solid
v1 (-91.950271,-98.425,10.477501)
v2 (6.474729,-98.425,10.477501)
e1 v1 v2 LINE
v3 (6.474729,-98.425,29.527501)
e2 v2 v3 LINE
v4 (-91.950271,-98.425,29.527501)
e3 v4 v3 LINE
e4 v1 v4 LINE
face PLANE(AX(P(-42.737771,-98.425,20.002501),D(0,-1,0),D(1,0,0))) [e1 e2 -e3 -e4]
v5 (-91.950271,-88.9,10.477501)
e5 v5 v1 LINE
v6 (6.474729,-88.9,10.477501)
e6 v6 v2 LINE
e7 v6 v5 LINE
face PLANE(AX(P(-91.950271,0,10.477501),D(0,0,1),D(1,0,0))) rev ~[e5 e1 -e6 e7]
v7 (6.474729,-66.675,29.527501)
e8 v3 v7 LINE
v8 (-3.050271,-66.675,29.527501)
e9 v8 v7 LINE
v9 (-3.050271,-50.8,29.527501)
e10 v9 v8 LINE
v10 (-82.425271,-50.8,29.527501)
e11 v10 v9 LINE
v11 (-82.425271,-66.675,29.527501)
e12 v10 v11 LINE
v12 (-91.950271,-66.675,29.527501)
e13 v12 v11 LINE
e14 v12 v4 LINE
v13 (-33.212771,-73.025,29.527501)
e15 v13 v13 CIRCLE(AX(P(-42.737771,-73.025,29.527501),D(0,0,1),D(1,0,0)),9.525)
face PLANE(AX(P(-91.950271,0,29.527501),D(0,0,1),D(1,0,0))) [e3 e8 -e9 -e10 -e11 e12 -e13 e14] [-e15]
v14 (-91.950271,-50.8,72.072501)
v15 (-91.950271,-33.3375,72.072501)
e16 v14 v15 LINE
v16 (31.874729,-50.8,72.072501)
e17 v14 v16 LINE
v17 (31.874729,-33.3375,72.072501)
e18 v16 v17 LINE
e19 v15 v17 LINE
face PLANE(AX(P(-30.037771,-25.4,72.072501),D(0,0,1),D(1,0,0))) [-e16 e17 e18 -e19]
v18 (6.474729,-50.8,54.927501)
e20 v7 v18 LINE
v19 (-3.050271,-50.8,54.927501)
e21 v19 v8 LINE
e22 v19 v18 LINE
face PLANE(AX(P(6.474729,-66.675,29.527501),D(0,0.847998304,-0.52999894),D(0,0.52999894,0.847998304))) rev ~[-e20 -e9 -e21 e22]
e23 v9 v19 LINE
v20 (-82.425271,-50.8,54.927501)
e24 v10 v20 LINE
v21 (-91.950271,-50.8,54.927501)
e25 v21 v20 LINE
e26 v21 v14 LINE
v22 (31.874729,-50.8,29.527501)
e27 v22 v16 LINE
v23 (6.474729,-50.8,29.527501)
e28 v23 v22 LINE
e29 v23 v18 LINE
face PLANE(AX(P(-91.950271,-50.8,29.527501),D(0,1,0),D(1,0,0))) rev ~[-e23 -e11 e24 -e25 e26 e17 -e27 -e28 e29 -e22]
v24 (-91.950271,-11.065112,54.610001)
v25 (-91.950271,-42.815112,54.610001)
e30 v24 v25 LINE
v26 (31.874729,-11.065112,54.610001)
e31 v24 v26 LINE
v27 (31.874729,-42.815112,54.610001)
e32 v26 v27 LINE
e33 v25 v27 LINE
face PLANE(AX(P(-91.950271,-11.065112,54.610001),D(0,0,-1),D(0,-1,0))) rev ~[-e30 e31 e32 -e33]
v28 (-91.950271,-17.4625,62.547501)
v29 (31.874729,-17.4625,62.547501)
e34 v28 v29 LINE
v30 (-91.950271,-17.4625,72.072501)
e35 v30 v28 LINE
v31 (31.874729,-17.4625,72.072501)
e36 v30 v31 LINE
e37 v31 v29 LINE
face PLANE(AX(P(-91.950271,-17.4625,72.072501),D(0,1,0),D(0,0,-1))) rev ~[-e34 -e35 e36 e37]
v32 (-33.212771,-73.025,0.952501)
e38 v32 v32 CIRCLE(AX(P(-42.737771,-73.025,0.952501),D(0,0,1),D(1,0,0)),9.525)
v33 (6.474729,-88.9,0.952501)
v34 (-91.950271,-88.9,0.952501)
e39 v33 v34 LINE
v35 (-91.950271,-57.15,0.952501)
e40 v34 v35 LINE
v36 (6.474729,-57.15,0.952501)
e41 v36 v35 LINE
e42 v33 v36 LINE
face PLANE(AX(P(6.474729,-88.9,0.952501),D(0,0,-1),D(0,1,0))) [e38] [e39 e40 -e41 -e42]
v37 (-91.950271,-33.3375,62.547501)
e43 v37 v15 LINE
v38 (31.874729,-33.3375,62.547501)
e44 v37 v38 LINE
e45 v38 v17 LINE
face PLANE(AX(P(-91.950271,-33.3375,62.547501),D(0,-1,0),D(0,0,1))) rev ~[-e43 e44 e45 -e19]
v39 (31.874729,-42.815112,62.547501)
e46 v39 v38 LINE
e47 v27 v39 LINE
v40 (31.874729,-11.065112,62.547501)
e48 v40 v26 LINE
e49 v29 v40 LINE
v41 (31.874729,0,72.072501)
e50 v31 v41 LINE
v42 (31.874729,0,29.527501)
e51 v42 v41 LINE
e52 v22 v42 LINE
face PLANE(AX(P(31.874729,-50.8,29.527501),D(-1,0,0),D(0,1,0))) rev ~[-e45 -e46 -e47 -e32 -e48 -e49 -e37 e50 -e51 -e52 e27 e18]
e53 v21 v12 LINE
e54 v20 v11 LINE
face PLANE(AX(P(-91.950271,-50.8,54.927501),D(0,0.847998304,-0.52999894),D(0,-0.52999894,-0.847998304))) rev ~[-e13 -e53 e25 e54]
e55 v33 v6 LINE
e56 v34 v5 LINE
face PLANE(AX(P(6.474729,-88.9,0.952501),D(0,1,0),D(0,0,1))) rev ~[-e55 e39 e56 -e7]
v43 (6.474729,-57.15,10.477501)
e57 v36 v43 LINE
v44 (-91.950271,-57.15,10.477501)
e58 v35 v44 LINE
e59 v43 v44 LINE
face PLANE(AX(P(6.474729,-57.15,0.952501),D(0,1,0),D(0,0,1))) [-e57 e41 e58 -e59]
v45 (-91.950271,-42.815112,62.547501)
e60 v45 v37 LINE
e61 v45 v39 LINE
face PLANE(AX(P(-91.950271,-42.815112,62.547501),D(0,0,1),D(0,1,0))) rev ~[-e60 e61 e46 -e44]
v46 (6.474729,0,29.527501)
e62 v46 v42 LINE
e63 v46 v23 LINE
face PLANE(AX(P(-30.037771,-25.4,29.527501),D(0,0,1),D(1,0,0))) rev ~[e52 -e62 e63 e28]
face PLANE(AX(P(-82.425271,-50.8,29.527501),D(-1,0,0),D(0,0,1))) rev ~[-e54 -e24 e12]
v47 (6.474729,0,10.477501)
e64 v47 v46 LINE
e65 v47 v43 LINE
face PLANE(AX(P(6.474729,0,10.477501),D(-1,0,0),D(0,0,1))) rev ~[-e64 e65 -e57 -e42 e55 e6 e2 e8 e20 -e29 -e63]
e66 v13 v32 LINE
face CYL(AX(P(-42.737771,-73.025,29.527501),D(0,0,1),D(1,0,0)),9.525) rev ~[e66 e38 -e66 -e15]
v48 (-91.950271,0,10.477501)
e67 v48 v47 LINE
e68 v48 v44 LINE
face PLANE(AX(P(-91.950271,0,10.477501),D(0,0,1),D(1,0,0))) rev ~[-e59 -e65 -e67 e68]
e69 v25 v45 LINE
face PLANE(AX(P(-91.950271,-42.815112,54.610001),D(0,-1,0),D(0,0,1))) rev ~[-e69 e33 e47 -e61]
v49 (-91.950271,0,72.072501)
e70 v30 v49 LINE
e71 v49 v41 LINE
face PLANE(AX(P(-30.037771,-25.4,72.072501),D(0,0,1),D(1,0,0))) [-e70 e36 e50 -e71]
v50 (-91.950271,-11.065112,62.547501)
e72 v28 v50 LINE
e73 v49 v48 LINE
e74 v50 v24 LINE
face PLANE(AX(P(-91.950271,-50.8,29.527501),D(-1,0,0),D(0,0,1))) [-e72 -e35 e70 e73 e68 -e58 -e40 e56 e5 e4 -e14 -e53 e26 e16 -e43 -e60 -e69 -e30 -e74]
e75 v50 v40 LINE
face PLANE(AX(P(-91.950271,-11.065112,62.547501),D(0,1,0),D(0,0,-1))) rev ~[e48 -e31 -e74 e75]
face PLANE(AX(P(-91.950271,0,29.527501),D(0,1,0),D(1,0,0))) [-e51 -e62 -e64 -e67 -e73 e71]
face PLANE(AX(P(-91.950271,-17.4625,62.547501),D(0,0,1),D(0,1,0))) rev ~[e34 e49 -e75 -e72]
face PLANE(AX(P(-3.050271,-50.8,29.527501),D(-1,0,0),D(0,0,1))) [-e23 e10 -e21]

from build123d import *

# Parameters (mm, degrees)
F0_W      = 98.425
F0_H      = 19.05
F1_DEPTH  = 98.425
F2_W      = 123.825
F2_H      = 50.8
F3_DEPTH  = 42.545
F5_W      = 9.525
F5_H      = 25.4
F6_DEPTH  = 15.875
F8_DEPTH  = 123.826
F9_W      = 9.525
F9_H      = 25.4
F10_DEPTH = 15.875
F12_DEPTH = 98.426
F13_W     = 31.75
F13_H     = 9.525
F14_DEPTH = 98.425
F15_DEPTH = 123.826
F16_R     = 9.525
F17_DEPTH = 28.576


with BuildPart() as f1:
    # F0 (on Front) → F1 (new body)
    with BuildSketch(Plane.XZ):
        with Locations((-42.737771, 20.002501)):
            Rectangle(F0_W, F0_H)
    extrude(amount=F1_DEPTH)

    # F2 (on face) → F3 (join)
    with BuildSketch(Plane.XY.offset(29.527501)):
        with Locations((-30.037771, -25.4)):
            Rectangle(F2_W, F2_H)
    extrude(amount=F3_DEPTH)

    # F5 (on face) → F6 (join)
    with BuildSketch(Plane.XZ.offset(50.8)):
        with Locations((-87.187771, 42.227501)):
            Rectangle(F5_W, F5_H)
    extrude(amount=F6_DEPTH)

    # F7 (on face) → F8 (cut, through all)
    with BuildSketch(Plane(origin=(-91.950271, 0, 0), x_dir=(0, -1, 0), z_dir=(-1, 0, 0))):
        Polygon((66.675, 54.927501), (50.8, 54.927501), (66.675, 29.527501), align=None)
    extrude(amount=-F8_DEPTH, mode=Mode.SUBTRACT)

    # F9 (on face) → F10 (join)
    with BuildSketch(Plane.XZ.offset(50.8)):
        with Locations((1.712229, 42.227501)):
            Rectangle(F9_W, F9_H)
    extrude(amount=F10_DEPTH)

    # F11 (on face) → F12 (cut, through all)
    with BuildSketch(Plane.YZ.offset(6.474729)):
        Polygon((-66.675, 29.527501), (-50.8, 54.927501), (-66.675, 54.927501), align=None)
    extrude(amount=-F12_DEPTH, mode=Mode.SUBTRACT)

    # F13 (on face) → F14 (join)
    with BuildSketch(Plane.YZ.offset(6.474729)):
        with Locations((-73.025, 5.715001)):
            Rectangle(F13_W, F13_H)
    extrude(amount=-F14_DEPTH)

    # F4 (on face) → F15 (cut, through all)
    with BuildSketch(Plane(origin=(-91.950271, 0, 0), x_dir=(0, -1, 0), z_dir=(-1, 0, 0))):
        Polygon((33.3375, 72.072501), (17.4625, 72.072501), (17.4625, 62.547501), (11.065112, 62.547501), (11.065112, 54.610001), (42.815112, 54.610001), (42.815112, 62.547501), (33.3375, 62.547501), align=None)
    extrude(amount=-F15_DEPTH, mode=Mode.SUBTRACT)

    # F16 (on face) → F17 (cut, through all)
    with BuildSketch(Plane.XY.offset(29.527501)):
        with Locations((-42.737771, -73.025)):
            Circle(F16_R)
    extrude(amount=-F17_DEPTH, mode=Mode.SUBTRACT)


solid = f1.part
